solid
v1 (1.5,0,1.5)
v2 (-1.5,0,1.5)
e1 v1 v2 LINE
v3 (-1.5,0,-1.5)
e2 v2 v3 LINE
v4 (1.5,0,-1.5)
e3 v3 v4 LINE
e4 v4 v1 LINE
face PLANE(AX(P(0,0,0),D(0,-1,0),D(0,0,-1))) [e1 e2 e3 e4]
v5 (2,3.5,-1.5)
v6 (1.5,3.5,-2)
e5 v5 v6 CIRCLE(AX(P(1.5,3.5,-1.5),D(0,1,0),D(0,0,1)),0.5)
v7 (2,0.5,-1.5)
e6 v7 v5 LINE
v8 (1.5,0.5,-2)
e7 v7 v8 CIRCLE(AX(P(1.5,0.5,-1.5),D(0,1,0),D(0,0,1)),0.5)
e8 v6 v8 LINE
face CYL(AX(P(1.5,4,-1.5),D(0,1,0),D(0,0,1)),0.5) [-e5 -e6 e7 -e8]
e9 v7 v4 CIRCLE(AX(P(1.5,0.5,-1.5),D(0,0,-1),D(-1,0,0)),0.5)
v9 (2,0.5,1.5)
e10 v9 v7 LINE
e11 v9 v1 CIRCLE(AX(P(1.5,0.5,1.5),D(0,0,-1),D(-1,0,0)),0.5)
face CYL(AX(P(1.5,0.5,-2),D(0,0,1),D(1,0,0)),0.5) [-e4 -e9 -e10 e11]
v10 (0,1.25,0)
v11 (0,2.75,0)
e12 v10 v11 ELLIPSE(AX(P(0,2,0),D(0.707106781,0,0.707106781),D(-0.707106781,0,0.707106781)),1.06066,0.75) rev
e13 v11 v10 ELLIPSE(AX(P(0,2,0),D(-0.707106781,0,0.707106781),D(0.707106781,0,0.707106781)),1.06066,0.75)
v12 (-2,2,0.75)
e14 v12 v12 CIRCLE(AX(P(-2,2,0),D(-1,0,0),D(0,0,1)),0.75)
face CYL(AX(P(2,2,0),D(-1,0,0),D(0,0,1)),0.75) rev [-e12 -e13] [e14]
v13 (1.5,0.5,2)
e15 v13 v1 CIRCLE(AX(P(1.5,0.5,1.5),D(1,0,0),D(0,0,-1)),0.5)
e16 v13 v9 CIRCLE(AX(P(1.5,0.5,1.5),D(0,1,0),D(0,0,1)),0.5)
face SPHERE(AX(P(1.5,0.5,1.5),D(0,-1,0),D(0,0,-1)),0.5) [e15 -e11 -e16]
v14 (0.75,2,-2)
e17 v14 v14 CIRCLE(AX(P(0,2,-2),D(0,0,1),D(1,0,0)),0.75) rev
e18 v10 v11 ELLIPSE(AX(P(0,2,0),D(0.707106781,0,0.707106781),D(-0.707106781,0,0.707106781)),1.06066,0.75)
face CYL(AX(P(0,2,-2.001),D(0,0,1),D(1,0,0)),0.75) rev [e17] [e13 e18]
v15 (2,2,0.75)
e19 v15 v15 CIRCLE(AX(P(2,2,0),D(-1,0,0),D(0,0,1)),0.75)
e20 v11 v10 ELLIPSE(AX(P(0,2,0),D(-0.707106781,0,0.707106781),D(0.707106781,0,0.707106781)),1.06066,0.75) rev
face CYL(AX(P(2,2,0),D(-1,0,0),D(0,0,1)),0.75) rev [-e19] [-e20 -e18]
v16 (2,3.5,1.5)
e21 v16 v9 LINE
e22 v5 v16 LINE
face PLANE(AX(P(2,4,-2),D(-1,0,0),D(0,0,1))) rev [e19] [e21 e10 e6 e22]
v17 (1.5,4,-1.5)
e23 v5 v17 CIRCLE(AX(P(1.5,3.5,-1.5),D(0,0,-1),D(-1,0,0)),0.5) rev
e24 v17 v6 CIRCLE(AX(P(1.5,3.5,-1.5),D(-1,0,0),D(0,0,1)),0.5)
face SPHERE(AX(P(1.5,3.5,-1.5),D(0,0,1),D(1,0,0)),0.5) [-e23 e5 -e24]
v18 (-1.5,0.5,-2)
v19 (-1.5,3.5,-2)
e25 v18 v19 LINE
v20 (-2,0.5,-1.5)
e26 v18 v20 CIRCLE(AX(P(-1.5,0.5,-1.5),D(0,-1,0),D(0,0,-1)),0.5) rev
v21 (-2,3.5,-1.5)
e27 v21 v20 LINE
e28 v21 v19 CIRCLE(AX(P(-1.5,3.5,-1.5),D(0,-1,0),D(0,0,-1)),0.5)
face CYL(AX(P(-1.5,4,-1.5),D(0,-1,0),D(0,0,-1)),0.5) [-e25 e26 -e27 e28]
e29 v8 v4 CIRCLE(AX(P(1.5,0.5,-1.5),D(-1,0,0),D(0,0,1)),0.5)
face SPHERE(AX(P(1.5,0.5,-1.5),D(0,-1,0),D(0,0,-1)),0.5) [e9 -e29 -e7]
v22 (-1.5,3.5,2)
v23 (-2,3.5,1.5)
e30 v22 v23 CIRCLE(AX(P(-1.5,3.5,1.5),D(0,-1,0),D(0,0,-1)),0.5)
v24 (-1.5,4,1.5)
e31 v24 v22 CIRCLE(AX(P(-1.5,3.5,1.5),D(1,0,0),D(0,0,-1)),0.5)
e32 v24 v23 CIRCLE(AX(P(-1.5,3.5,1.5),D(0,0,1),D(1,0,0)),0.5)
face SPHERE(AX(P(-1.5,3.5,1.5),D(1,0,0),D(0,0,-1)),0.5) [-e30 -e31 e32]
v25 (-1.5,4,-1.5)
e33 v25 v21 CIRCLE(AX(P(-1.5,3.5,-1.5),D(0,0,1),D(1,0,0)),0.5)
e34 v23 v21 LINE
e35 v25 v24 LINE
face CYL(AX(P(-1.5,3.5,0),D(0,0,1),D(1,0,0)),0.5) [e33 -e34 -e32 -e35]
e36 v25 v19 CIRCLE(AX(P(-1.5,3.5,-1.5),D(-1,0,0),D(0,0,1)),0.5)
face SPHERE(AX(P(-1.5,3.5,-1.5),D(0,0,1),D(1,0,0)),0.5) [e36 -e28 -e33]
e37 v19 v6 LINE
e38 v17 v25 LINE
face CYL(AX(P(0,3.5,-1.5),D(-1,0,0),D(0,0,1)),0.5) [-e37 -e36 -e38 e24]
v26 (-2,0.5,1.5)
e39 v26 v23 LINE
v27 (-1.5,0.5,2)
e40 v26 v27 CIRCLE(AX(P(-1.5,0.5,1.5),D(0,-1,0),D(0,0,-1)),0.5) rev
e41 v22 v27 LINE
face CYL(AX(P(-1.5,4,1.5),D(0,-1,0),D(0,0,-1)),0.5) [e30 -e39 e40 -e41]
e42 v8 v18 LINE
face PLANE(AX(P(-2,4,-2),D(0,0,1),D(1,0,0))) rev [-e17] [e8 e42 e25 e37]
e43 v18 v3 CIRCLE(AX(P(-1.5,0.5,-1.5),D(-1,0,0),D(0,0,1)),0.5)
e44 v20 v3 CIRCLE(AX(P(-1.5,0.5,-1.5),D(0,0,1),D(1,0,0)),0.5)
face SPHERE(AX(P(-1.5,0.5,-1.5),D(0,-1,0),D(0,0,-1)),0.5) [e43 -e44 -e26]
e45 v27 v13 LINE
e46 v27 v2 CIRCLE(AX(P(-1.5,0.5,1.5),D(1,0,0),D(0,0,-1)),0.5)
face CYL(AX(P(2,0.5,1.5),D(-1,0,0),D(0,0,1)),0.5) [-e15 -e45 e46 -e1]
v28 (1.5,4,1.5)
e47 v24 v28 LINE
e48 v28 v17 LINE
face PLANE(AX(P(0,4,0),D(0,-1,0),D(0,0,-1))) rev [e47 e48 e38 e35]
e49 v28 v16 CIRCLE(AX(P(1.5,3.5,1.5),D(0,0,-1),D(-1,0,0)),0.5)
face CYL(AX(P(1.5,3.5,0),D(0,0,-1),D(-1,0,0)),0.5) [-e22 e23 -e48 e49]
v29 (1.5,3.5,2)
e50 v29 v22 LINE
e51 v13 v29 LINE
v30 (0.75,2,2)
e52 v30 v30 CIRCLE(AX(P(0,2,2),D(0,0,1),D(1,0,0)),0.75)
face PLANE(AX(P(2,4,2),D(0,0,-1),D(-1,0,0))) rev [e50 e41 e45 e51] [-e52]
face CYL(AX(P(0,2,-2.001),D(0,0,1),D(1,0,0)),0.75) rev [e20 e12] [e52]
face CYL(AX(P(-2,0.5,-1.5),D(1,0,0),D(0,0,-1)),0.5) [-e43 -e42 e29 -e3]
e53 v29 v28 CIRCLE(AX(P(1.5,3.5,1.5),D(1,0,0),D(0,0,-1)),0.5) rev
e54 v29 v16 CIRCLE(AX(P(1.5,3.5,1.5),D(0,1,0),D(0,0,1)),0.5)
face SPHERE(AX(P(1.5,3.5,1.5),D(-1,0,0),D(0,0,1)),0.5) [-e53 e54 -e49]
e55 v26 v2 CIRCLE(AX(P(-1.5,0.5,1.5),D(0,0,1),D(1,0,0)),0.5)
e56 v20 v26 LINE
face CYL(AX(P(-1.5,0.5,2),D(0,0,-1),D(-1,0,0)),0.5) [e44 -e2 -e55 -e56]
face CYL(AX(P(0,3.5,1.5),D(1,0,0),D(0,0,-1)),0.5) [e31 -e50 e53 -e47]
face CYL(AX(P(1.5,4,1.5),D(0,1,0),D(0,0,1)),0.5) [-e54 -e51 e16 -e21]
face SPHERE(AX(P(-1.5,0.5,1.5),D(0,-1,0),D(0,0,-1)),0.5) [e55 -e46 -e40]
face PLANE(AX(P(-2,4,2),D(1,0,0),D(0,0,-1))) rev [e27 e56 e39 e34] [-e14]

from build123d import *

# Parameters (mm, degrees)
SKETCH_1_W          = 4
SKETCH_1_H          = 4
EXTRUDE_1_DEPTH     = 4
FILLET_1_R          = 0.5
FILLET_2_R          = 0.5
FILLET_3_R          = 0.5
FILLET_4_R          = 0.5
FILLET_5_R          = 0.5
CUT_EXTRUDE_1_REACH = 8
SKETCH_2_R          = 0.75
SKETCH_3_R          = 0.75
CUT_EXTRUDE_2_DEPTH = 4


with BuildPart() as part:
    # 草图1 → 凸台-拉伸1 (new body)
    with BuildSketch(Plane(origin=(0, 0, 0), x_dir=(1, 0, 0), z_dir=(0, 1, 0))):
        Rectangle(SKETCH_1_W, SKETCH_1_H)
    extrude(amount=EXTRUDE_1_DEPTH)

    # 圆角1
    fillet_1_edges = [part.edges().sort_by_distance(p)[0] for p in [
        (0, 4, 2),
    ]]
    fillet(fillet_1_edges, radius=FILLET_1_R)

    # 圆角2
    fillet_2_edges = [part.edges().sort_by_distance(p)[0] for p in [
        (2, 4, -0.25),
        (2, 1.75, 2),
        (2, 3.853553391, 1.853553391),
    ]]
    fillet(fillet_2_edges, radius=FILLET_2_R)

    # 圆角3
    fillet_3_edges = [part.edges().sort_by_distance(p)[0] for p in [
        (-2, 4, -0.25),
        (-2, 1.75, 2),
        (-2, 3.853553391, 1.853553391),
    ]]
    fillet(fillet_3_edges, radius=FILLET_3_R)

    # 圆角4
    fillet_4_edges = [part.edges().sort_by_distance(p)[0] for p in [
        (2, 1.75, -2),
        (0, 4, -2),
        (1.853553391, 3.853553391, -2),
        (-2, 1.75, -2),
        (-1.853553391, 3.853553391, -2),
    ]]
    fillet(fillet_4_edges, radius=FILLET_4_R)

    # 圆角5
    fillet_5_edges = [part.edges().sort_by_distance(p)[0] for p in [
        (2, 0, 0),
        (1.853553391, 0, 1.853553391),
        (0, 0, 2),
        (-1.853553391, 0, 1.853553391),
        (0, 0, -2),
        (-2, 0, 0),
        (-1.853553391, 0, -1.853553391),
        (1.853553391, 0, -1.853553391),
    ]]
    fillet(fillet_5_edges, radius=FILLET_5_R)

    # 草图2 → 切除-拉伸1 (cut, up to next)
    with BuildSketch(Plane.XY.offset(2), mode=Mode.PRIVATE) as cut_extrude_1_sk1:
        with Locations((0, 2)):
            Circle(SKETCH_2_R)
    cut_extrude_1_tool1 = extrude(cut_extrude_1_sk1.sketch, amount=-CUT_EXTRUDE_1_REACH, mode=Mode.PRIVATE) & part.part
    add(cut_extrude_1_tool1.solids().sort_by_distance((0, 2, 2))[0], mode=Mode.SUBTRACT)

    # 草图3 → 切除-拉伸2 (cut)
    with BuildSketch(Plane.ZY.offset(2)):
        with Locations((0, 2)):
            Circle(SKETCH_3_R)
    extrude(amount=-CUT_EXTRUDE_2_DEPTH, mode=Mode.SUBTRACT)


solid = part.part
